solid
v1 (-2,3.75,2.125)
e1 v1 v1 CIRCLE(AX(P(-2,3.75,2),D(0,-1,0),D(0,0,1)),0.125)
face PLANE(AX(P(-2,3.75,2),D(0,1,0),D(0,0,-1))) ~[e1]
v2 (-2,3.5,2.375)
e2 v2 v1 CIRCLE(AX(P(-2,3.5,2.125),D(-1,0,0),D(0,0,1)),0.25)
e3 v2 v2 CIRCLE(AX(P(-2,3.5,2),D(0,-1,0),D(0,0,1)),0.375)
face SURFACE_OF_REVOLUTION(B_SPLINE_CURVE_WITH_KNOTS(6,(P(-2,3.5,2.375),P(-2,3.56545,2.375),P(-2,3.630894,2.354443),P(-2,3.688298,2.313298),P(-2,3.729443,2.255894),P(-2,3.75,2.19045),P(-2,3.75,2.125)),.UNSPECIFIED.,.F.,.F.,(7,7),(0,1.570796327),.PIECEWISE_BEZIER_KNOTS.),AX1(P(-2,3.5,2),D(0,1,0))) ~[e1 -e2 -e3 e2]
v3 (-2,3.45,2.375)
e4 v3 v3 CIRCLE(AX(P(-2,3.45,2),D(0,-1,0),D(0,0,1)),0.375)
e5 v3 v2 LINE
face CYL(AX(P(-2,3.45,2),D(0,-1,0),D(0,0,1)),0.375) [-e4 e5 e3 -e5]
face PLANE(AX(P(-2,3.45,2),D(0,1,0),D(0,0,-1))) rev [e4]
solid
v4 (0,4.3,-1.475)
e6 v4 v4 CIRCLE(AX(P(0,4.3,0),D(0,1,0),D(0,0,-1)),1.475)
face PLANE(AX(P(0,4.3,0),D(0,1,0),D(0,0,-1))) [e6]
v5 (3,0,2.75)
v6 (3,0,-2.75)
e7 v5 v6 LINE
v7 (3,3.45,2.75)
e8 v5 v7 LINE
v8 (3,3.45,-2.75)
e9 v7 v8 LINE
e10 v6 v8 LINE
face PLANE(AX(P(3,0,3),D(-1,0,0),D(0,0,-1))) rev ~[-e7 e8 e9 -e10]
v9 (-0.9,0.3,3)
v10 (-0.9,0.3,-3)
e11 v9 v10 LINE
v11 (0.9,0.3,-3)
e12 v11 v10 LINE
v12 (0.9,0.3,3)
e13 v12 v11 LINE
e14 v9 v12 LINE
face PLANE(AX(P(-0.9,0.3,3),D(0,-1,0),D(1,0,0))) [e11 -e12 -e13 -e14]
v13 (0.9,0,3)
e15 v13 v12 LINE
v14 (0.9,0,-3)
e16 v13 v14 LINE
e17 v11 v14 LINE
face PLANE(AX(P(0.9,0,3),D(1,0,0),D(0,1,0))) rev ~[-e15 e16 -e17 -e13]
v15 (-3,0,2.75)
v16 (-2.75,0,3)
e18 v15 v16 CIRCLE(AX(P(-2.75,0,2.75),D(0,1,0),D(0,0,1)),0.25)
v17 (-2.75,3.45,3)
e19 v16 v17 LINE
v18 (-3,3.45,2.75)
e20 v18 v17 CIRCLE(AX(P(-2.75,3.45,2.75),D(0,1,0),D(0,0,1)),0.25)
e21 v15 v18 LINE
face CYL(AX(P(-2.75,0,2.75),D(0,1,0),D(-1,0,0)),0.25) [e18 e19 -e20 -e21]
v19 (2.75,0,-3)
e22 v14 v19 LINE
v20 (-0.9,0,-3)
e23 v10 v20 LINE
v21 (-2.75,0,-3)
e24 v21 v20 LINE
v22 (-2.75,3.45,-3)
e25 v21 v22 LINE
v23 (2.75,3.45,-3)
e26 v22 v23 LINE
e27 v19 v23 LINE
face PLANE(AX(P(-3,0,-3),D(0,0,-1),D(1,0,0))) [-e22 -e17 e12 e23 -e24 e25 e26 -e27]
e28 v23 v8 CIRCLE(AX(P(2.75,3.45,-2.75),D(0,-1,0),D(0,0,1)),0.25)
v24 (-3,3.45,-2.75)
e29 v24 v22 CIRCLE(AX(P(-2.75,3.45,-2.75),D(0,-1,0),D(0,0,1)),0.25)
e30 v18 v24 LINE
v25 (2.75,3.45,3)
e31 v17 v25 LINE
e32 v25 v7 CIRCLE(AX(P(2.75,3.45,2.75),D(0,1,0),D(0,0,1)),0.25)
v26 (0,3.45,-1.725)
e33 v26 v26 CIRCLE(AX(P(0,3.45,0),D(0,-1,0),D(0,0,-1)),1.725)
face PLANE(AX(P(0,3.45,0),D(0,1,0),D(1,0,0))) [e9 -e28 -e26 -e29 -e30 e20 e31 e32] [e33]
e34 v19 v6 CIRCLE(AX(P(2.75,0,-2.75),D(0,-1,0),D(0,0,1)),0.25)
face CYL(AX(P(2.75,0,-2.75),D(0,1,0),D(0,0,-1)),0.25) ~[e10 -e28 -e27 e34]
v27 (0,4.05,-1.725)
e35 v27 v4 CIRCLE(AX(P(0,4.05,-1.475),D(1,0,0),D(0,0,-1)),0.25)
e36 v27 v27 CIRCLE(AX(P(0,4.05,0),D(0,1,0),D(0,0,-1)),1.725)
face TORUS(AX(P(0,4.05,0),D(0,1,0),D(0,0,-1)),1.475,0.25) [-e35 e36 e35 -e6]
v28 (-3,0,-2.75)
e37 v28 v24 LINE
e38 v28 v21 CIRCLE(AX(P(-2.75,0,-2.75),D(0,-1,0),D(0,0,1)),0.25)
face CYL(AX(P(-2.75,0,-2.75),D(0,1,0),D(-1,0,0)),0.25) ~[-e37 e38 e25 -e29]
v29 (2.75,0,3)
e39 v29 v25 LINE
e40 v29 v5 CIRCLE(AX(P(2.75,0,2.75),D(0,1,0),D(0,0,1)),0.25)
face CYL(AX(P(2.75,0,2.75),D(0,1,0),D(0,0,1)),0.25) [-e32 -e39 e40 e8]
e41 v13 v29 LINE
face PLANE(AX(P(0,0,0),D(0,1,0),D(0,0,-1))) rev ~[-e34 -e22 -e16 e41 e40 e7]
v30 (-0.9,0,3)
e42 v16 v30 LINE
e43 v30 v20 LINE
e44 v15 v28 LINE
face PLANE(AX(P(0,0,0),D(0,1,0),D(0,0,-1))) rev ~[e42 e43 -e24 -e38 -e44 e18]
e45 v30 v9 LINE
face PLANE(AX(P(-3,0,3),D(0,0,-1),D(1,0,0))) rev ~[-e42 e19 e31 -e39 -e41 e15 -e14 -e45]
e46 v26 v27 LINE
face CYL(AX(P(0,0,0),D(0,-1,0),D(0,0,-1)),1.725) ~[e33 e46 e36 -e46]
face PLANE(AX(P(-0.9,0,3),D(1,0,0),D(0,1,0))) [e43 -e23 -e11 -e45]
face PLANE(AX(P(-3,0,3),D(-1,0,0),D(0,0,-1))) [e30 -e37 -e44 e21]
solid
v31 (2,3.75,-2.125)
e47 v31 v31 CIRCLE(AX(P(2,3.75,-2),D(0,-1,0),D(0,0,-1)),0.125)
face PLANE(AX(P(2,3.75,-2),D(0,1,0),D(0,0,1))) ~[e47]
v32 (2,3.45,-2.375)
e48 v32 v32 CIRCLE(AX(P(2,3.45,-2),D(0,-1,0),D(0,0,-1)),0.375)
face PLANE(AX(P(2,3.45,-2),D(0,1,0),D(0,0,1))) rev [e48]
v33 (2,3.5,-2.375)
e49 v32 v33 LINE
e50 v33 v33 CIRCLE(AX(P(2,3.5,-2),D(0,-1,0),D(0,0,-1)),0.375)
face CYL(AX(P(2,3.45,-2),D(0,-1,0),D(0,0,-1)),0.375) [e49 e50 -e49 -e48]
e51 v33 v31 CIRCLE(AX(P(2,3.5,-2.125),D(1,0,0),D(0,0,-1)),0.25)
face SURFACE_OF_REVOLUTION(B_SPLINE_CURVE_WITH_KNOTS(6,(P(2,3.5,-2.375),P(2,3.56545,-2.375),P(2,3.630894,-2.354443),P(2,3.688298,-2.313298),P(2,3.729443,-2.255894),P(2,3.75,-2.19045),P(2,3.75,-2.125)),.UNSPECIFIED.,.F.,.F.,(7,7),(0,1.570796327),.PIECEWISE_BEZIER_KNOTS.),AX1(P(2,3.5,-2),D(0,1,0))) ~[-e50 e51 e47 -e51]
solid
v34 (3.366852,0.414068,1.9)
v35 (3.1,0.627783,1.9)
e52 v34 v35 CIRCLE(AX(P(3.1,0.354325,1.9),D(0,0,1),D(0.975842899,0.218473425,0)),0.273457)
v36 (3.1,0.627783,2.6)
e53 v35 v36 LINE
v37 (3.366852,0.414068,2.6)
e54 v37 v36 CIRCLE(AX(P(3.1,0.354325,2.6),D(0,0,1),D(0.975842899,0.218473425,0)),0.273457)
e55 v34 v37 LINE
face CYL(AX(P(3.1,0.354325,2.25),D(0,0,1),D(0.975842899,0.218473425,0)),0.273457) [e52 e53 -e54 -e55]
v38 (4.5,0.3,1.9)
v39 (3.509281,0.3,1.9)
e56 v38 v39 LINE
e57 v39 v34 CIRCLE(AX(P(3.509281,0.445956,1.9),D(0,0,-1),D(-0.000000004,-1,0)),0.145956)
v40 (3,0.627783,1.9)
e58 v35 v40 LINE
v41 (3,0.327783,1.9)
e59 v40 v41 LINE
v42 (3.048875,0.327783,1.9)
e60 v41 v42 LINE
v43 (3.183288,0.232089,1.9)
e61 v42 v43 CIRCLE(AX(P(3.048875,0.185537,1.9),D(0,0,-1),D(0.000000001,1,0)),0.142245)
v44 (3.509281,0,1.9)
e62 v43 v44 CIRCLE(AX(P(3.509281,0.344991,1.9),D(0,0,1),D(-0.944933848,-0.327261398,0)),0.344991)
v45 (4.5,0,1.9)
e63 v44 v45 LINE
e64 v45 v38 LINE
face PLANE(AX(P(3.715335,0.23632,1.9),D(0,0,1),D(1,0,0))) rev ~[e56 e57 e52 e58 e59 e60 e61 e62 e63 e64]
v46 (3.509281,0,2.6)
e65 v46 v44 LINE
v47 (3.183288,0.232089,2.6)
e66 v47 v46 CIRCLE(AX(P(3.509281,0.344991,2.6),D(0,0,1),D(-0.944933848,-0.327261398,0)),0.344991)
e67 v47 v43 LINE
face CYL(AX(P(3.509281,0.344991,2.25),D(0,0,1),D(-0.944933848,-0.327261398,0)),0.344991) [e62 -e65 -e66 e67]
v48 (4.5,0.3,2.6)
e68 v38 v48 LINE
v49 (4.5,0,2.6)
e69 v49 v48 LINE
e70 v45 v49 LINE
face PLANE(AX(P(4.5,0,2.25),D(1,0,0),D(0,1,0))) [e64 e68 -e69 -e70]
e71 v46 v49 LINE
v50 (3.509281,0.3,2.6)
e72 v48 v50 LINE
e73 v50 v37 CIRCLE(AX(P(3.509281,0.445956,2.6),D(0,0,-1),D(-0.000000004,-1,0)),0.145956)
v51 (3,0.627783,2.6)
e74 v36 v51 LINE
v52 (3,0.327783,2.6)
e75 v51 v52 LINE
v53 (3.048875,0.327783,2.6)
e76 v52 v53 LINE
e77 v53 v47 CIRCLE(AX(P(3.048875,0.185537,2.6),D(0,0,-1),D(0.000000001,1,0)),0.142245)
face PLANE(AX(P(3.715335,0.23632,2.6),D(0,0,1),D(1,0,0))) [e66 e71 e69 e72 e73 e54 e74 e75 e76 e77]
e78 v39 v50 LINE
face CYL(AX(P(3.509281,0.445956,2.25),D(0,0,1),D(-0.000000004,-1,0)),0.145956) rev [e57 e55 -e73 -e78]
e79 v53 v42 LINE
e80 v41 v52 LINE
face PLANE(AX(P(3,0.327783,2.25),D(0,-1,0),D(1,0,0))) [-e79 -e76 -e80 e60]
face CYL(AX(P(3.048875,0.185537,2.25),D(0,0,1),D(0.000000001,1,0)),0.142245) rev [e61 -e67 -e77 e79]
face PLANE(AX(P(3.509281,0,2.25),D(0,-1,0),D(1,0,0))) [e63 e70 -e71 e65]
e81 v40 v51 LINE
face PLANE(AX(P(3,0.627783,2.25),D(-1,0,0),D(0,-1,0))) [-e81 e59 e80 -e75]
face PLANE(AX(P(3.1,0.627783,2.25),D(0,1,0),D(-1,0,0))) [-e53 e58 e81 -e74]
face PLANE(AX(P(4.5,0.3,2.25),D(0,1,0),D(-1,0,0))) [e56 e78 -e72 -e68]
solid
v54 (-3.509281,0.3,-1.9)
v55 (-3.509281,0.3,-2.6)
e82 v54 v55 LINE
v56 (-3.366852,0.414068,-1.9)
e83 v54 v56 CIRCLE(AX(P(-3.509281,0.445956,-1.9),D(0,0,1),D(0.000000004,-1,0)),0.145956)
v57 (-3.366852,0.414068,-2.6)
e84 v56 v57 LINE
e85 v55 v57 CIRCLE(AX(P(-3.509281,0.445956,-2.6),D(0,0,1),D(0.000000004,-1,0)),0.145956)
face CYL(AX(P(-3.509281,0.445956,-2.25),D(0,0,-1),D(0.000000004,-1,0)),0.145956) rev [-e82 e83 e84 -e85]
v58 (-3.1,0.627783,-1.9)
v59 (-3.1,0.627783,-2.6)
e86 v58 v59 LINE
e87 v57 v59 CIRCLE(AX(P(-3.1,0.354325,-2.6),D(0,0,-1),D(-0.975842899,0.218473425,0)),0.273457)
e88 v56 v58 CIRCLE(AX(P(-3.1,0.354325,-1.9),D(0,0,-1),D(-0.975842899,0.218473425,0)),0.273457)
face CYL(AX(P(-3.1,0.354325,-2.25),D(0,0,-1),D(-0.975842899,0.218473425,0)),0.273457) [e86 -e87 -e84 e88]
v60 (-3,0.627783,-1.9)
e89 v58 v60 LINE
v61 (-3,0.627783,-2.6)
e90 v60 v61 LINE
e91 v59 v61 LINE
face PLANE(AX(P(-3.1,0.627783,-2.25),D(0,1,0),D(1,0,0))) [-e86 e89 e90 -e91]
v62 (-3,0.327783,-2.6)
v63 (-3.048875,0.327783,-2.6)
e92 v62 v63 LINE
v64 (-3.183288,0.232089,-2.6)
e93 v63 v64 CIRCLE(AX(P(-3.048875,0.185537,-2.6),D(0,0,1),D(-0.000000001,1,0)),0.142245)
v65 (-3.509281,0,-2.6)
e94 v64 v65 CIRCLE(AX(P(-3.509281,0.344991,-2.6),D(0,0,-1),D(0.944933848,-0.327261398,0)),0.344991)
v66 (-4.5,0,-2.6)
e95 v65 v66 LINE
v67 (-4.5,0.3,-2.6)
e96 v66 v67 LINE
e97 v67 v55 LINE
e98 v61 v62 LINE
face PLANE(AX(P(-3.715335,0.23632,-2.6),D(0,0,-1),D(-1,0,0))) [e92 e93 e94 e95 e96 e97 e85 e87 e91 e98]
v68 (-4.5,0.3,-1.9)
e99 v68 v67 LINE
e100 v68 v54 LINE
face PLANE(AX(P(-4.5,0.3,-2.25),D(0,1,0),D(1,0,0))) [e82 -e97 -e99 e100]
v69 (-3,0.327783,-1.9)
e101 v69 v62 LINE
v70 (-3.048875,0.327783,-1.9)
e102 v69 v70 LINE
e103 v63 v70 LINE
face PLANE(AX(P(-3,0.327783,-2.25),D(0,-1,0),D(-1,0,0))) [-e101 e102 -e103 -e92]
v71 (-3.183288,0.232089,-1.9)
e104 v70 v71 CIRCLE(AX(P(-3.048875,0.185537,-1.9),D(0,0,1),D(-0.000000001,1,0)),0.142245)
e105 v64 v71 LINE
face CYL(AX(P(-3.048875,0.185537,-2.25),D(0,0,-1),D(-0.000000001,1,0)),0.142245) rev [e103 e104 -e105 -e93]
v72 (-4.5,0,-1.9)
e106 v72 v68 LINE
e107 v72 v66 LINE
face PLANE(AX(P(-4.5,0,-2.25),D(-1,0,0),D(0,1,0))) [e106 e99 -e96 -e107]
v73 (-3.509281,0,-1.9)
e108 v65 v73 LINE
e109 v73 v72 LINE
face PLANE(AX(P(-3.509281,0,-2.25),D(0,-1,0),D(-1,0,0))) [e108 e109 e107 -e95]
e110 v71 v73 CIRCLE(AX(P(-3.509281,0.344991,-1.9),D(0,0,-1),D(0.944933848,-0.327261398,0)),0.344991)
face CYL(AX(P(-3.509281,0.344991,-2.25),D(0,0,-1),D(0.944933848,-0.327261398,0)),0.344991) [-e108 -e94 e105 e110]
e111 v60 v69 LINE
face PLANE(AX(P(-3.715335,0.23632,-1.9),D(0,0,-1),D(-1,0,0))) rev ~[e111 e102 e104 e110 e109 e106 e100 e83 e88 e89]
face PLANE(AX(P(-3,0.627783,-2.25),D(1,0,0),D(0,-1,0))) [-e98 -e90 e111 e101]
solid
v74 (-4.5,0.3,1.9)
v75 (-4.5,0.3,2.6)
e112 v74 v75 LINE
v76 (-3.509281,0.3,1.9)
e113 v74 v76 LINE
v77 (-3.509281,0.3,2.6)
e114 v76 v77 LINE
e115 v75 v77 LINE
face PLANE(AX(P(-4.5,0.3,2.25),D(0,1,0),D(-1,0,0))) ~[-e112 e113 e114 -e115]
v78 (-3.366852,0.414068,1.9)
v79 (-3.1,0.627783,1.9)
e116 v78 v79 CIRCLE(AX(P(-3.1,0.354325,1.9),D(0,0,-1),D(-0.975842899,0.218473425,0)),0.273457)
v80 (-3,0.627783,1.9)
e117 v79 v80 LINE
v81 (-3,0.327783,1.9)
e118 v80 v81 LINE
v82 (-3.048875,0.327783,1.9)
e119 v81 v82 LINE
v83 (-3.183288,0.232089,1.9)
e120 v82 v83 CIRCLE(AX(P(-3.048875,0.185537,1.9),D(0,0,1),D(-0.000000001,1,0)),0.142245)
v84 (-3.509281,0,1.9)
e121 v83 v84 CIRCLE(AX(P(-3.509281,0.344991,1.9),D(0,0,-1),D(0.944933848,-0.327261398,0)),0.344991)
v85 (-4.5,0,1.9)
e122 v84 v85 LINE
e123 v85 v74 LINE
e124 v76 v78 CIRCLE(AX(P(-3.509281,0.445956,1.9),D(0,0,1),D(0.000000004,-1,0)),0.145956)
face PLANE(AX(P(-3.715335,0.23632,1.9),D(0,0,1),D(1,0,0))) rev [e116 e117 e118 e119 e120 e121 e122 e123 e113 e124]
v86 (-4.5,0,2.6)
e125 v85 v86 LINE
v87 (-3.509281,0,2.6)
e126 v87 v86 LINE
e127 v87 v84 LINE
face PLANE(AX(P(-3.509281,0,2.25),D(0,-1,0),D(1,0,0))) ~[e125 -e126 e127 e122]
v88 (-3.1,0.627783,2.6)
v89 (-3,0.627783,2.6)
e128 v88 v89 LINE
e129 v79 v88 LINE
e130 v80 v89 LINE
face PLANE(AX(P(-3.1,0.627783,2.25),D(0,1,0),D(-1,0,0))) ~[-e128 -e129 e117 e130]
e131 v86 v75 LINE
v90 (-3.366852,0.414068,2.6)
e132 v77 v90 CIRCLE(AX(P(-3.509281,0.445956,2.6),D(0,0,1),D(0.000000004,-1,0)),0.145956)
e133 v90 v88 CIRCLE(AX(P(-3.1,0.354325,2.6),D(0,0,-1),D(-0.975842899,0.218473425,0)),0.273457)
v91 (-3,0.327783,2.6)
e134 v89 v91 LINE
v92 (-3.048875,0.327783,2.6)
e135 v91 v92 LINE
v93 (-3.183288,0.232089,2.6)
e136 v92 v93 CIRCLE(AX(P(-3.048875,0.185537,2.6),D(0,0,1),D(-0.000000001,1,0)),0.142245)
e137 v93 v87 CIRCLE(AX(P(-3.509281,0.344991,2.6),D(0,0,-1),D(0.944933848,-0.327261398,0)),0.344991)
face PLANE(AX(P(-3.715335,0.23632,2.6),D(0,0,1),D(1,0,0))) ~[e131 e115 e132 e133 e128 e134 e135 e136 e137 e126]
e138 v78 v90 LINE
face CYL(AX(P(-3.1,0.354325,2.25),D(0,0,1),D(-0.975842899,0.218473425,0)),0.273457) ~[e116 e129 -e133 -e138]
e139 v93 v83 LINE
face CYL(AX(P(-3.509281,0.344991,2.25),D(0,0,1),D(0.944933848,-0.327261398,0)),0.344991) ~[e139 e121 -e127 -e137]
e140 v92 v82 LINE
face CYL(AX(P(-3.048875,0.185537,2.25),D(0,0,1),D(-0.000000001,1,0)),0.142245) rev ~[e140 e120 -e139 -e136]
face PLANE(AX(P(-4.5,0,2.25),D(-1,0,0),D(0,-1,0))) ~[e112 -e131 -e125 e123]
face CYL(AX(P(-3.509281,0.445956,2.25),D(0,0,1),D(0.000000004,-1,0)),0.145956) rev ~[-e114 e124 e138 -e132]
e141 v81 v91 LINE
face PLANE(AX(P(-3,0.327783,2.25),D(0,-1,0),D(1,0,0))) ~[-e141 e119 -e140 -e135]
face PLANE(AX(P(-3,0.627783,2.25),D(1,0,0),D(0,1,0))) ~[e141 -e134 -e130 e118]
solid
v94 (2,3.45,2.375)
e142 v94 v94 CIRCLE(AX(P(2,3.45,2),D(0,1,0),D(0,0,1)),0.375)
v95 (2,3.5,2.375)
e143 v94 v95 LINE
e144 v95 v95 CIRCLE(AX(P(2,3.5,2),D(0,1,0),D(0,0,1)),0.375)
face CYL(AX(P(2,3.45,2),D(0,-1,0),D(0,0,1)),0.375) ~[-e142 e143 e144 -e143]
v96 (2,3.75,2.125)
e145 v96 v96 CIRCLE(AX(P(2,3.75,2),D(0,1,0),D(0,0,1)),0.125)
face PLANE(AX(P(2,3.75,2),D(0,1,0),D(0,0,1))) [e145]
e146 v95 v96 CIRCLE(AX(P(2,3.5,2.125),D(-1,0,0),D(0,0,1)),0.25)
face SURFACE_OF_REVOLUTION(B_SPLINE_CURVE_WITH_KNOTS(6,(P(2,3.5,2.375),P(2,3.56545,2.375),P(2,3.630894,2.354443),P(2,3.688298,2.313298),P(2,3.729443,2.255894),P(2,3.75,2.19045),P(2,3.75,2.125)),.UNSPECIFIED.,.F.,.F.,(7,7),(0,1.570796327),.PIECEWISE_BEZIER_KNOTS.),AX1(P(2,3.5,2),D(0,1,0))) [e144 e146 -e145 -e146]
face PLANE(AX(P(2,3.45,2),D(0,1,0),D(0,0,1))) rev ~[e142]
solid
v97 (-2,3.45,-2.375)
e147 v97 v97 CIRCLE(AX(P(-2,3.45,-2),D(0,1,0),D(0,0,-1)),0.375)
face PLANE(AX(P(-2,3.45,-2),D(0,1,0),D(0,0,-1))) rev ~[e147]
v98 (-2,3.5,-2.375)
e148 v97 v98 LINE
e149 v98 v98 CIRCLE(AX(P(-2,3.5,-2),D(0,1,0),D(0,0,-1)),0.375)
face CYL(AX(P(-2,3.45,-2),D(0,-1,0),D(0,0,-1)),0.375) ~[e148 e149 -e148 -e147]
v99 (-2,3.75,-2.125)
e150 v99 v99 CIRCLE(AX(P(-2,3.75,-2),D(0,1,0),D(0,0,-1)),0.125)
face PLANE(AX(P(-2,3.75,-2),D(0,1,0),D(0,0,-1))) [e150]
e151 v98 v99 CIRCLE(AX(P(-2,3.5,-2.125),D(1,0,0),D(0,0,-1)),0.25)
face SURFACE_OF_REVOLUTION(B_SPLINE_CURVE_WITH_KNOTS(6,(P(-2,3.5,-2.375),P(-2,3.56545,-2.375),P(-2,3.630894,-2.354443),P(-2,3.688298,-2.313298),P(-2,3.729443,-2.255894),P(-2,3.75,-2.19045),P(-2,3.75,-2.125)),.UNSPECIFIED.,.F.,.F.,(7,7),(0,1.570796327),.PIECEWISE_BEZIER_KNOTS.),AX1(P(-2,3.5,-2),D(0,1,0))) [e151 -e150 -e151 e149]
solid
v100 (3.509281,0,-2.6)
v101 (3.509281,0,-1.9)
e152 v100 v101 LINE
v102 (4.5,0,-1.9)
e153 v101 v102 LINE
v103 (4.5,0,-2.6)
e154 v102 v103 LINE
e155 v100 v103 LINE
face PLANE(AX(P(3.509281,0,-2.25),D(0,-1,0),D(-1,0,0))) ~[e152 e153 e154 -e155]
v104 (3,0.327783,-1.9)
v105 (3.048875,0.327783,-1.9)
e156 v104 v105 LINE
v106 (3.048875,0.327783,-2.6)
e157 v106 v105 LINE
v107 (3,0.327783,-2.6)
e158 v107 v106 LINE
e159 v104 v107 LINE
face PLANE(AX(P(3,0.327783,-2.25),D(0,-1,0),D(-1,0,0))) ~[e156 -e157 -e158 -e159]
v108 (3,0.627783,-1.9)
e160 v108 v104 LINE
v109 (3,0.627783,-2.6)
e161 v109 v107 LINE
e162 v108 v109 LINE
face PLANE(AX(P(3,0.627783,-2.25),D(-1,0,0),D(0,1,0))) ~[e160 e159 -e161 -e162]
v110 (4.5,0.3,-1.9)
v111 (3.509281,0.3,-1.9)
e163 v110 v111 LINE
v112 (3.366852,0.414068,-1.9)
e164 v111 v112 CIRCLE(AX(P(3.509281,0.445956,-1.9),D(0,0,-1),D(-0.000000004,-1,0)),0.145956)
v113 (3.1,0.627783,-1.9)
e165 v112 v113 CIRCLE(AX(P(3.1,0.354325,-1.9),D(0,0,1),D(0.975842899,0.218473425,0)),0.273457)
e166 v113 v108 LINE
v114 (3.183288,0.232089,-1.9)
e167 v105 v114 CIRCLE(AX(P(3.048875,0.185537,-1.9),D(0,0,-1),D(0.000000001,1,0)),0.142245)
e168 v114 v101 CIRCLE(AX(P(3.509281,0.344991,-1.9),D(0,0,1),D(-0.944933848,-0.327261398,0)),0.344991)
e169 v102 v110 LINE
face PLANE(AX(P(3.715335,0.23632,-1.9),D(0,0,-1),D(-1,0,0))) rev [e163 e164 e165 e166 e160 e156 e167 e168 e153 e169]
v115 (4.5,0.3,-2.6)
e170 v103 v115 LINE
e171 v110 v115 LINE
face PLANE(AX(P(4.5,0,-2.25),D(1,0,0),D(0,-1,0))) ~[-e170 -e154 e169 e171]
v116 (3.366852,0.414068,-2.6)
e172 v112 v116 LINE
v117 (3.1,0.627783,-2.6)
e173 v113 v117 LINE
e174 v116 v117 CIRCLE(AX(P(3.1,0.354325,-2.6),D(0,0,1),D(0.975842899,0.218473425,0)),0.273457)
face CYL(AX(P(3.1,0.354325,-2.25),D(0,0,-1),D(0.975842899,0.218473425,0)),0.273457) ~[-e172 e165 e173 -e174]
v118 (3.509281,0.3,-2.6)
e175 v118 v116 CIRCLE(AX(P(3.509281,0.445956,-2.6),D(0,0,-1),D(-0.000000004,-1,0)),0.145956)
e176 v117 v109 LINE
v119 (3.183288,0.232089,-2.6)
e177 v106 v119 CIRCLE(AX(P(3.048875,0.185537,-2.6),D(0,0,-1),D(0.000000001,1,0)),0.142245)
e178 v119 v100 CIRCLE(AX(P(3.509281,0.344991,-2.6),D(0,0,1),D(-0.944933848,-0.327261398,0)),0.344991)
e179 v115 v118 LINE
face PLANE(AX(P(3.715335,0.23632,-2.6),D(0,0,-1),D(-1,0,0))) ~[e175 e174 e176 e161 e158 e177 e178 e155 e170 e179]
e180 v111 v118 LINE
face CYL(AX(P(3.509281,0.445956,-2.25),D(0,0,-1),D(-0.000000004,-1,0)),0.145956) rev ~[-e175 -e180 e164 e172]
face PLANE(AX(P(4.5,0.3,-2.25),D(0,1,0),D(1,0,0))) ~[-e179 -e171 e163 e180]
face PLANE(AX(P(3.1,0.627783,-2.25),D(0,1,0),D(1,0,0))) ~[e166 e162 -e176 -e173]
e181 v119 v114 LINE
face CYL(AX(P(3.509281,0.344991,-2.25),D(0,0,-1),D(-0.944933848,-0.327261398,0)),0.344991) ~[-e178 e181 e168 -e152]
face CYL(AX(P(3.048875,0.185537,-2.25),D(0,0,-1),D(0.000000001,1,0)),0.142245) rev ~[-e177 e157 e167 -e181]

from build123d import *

# Parameters (mm, degrees)
SKETCH1_W           = 6
SKETCH1_H           = 6
BOSS_EXTRUDE1_DEPTH = 3.45
BOSS_EXTRUDE2_START = -3.45
SKETCH2_R           = 1.725
BOSS_EXTRUDE2_DEPTH = 4.3
SKETCH3_R           = 0.375
BOSS_EXTRUDE3_DEPTH = 0.3
FILLET1_R           = 0.25
BOSS_EXTRUDE4_DEPTH = 0.35
SKETCH5_W           = 1.8
SKETCH5_H           = 0.3
CUT_EXTRUDE1_DEPTH  = 9.645229899
FILLET2_R           = 0.25
FILLET3_R           = 0.25


with BuildPart() as part:
    # Sketch1 → Boss-Extrude1 (new body)
    with BuildSketch(Plane(origin=(0, 0, 0), x_dir=(1, 0, 0), z_dir=(0, 1, 0))):
        Rectangle(SKETCH1_W, SKETCH1_H)
    extrude(amount=BOSS_EXTRUDE1_DEPTH)

    # Sketch2 → Boss-Extrude2 (add)
    with BuildSketch(Plane(origin=(0, 3.45, 0), x_dir=(1, 0, 0), z_dir=(0, 1, 0)).offset(BOSS_EXTRUDE2_START)):
        with Locations(Location((0, 0, 0), (0, 0, 90))):
            Circle(SKETCH2_R)
    extrude(amount=BOSS_EXTRUDE2_DEPTH)

    # Sketch5 → Cut-Extrude1 (cut, through all)
    with BuildSketch(Plane.XY.offset(3)):
        with Locations((0, 0.15)):
            Rectangle(SKETCH5_W, SKETCH5_H)
    extrude(amount=-CUT_EXTRUDE1_DEPTH, mode=Mode.SUBTRACT)

    # Fillet2
    fillet2_edges = [part.edges().sort_by_distance(p)[0] for p in [
        (3, 1.725, 3),
        (-3, 1.725, 3),
        (-3, 1.725, -3),
        (3, 1.725, -3),
    ]]
    fillet(fillet2_edges, radius=FILLET2_R)

    # Fillet3
    fillet3_edges = [part.edges().sort_by_distance(p)[0] for p in [
        (0, 4.3, 1.725),
    ]]
    fillet(fillet3_edges, radius=FILLET3_R)


with BuildPart() as body_2:
    # Sketch3 → Boss-Extrude3 (new body)
    with BuildSketch(Plane(origin=(0, 3.45, 0), x_dir=(1, 0, 0), z_dir=(0, 1, 0))):
        with Locations(Location((2, -2, 0), (0, 0, 270))):
            Circle(SKETCH3_R)
    extrude(amount=BOSS_EXTRUDE3_DEPTH)

    # Fillet1
    fillet1_edges = [body_2.edges().sort_by_distance(p)[0] for p in [
        (2, 3.75, 1.625),
    ]]
    fillet(fillet1_edges, radius=FILLET1_R)


with BuildPart() as body_3:
    # Sketch4 → Boss-Extrude4 (new, symmetric)
    with BuildSketch(Plane.XY.offset(2.25)):
        with BuildLine():
            Line((3.509281367, 0), (4.5, 0))
            Line((4.5, 0), (4.5, 0.3))
            Line((4.5, 0.3), (3.509281367, 0.3))
            ThreePointArc((3.509281367, 0.3), (3.418042895, 0.332032002), (3.366851512, 0.414068275))
            ThreePointArc((3.366851512, 0.414068275), (3.270941157, 0.567768521), (3.1, 0.627782541))
            Line((3.1, 0.627782541), (3, 0.627782541))
            Line((3, 0.627782541), (3, 0.327782541))
            Line((3, 0.327782541), (3.048875475, 0.327782541))
            ThreePointArc((3.048875475, 0.327782541), (3.131374008, 0.301415278), (3.183287911, 0.232088609))
            ThreePointArc((3.183287911, 0.232088609), (3.309195851, 0.063949105), (3.509281367, 0))
        make_face()
    extrude(amount=BOSS_EXTRUDE4_DEPTH, both=True)


with BuildPart() as body_4:
    # Mirror3: mirrored copy
    add(body_2.part.mirror(Plane(origin=(0, 0, 0), x_dir=(0, 0, 1), z_dir=(1, 0, 0))))


with BuildPart() as body_5:
    # Mirror3 2: mirrored copy
    add(body_3.part.mirror(Plane(origin=(0, 0, 0), x_dir=(0, 0, 1), z_dir=(1, 0, 0))))


with BuildPart() as body_6:
    # Mirror4: mirrored copy
    add(body_5.part.mirror(Plane.XY))


with BuildPart() as body_7:
    # Mirror4 2: mirrored copy
    add(body_4.part.mirror(Plane.XY))


with BuildPart() as body_8:
    # Mirror4 3: mirrored copy
    add(body_3.part.mirror(Plane.XY))


with BuildPart() as body_9:
    # Mirror4 4: mirrored copy
    add(body_2.part.mirror(Plane.XY))


solid = Compound([part.part, body_2.part, body_3.part, body_4.part, body_5.part, body_6.part, body_7.part, body_8.part, body_9.part])
